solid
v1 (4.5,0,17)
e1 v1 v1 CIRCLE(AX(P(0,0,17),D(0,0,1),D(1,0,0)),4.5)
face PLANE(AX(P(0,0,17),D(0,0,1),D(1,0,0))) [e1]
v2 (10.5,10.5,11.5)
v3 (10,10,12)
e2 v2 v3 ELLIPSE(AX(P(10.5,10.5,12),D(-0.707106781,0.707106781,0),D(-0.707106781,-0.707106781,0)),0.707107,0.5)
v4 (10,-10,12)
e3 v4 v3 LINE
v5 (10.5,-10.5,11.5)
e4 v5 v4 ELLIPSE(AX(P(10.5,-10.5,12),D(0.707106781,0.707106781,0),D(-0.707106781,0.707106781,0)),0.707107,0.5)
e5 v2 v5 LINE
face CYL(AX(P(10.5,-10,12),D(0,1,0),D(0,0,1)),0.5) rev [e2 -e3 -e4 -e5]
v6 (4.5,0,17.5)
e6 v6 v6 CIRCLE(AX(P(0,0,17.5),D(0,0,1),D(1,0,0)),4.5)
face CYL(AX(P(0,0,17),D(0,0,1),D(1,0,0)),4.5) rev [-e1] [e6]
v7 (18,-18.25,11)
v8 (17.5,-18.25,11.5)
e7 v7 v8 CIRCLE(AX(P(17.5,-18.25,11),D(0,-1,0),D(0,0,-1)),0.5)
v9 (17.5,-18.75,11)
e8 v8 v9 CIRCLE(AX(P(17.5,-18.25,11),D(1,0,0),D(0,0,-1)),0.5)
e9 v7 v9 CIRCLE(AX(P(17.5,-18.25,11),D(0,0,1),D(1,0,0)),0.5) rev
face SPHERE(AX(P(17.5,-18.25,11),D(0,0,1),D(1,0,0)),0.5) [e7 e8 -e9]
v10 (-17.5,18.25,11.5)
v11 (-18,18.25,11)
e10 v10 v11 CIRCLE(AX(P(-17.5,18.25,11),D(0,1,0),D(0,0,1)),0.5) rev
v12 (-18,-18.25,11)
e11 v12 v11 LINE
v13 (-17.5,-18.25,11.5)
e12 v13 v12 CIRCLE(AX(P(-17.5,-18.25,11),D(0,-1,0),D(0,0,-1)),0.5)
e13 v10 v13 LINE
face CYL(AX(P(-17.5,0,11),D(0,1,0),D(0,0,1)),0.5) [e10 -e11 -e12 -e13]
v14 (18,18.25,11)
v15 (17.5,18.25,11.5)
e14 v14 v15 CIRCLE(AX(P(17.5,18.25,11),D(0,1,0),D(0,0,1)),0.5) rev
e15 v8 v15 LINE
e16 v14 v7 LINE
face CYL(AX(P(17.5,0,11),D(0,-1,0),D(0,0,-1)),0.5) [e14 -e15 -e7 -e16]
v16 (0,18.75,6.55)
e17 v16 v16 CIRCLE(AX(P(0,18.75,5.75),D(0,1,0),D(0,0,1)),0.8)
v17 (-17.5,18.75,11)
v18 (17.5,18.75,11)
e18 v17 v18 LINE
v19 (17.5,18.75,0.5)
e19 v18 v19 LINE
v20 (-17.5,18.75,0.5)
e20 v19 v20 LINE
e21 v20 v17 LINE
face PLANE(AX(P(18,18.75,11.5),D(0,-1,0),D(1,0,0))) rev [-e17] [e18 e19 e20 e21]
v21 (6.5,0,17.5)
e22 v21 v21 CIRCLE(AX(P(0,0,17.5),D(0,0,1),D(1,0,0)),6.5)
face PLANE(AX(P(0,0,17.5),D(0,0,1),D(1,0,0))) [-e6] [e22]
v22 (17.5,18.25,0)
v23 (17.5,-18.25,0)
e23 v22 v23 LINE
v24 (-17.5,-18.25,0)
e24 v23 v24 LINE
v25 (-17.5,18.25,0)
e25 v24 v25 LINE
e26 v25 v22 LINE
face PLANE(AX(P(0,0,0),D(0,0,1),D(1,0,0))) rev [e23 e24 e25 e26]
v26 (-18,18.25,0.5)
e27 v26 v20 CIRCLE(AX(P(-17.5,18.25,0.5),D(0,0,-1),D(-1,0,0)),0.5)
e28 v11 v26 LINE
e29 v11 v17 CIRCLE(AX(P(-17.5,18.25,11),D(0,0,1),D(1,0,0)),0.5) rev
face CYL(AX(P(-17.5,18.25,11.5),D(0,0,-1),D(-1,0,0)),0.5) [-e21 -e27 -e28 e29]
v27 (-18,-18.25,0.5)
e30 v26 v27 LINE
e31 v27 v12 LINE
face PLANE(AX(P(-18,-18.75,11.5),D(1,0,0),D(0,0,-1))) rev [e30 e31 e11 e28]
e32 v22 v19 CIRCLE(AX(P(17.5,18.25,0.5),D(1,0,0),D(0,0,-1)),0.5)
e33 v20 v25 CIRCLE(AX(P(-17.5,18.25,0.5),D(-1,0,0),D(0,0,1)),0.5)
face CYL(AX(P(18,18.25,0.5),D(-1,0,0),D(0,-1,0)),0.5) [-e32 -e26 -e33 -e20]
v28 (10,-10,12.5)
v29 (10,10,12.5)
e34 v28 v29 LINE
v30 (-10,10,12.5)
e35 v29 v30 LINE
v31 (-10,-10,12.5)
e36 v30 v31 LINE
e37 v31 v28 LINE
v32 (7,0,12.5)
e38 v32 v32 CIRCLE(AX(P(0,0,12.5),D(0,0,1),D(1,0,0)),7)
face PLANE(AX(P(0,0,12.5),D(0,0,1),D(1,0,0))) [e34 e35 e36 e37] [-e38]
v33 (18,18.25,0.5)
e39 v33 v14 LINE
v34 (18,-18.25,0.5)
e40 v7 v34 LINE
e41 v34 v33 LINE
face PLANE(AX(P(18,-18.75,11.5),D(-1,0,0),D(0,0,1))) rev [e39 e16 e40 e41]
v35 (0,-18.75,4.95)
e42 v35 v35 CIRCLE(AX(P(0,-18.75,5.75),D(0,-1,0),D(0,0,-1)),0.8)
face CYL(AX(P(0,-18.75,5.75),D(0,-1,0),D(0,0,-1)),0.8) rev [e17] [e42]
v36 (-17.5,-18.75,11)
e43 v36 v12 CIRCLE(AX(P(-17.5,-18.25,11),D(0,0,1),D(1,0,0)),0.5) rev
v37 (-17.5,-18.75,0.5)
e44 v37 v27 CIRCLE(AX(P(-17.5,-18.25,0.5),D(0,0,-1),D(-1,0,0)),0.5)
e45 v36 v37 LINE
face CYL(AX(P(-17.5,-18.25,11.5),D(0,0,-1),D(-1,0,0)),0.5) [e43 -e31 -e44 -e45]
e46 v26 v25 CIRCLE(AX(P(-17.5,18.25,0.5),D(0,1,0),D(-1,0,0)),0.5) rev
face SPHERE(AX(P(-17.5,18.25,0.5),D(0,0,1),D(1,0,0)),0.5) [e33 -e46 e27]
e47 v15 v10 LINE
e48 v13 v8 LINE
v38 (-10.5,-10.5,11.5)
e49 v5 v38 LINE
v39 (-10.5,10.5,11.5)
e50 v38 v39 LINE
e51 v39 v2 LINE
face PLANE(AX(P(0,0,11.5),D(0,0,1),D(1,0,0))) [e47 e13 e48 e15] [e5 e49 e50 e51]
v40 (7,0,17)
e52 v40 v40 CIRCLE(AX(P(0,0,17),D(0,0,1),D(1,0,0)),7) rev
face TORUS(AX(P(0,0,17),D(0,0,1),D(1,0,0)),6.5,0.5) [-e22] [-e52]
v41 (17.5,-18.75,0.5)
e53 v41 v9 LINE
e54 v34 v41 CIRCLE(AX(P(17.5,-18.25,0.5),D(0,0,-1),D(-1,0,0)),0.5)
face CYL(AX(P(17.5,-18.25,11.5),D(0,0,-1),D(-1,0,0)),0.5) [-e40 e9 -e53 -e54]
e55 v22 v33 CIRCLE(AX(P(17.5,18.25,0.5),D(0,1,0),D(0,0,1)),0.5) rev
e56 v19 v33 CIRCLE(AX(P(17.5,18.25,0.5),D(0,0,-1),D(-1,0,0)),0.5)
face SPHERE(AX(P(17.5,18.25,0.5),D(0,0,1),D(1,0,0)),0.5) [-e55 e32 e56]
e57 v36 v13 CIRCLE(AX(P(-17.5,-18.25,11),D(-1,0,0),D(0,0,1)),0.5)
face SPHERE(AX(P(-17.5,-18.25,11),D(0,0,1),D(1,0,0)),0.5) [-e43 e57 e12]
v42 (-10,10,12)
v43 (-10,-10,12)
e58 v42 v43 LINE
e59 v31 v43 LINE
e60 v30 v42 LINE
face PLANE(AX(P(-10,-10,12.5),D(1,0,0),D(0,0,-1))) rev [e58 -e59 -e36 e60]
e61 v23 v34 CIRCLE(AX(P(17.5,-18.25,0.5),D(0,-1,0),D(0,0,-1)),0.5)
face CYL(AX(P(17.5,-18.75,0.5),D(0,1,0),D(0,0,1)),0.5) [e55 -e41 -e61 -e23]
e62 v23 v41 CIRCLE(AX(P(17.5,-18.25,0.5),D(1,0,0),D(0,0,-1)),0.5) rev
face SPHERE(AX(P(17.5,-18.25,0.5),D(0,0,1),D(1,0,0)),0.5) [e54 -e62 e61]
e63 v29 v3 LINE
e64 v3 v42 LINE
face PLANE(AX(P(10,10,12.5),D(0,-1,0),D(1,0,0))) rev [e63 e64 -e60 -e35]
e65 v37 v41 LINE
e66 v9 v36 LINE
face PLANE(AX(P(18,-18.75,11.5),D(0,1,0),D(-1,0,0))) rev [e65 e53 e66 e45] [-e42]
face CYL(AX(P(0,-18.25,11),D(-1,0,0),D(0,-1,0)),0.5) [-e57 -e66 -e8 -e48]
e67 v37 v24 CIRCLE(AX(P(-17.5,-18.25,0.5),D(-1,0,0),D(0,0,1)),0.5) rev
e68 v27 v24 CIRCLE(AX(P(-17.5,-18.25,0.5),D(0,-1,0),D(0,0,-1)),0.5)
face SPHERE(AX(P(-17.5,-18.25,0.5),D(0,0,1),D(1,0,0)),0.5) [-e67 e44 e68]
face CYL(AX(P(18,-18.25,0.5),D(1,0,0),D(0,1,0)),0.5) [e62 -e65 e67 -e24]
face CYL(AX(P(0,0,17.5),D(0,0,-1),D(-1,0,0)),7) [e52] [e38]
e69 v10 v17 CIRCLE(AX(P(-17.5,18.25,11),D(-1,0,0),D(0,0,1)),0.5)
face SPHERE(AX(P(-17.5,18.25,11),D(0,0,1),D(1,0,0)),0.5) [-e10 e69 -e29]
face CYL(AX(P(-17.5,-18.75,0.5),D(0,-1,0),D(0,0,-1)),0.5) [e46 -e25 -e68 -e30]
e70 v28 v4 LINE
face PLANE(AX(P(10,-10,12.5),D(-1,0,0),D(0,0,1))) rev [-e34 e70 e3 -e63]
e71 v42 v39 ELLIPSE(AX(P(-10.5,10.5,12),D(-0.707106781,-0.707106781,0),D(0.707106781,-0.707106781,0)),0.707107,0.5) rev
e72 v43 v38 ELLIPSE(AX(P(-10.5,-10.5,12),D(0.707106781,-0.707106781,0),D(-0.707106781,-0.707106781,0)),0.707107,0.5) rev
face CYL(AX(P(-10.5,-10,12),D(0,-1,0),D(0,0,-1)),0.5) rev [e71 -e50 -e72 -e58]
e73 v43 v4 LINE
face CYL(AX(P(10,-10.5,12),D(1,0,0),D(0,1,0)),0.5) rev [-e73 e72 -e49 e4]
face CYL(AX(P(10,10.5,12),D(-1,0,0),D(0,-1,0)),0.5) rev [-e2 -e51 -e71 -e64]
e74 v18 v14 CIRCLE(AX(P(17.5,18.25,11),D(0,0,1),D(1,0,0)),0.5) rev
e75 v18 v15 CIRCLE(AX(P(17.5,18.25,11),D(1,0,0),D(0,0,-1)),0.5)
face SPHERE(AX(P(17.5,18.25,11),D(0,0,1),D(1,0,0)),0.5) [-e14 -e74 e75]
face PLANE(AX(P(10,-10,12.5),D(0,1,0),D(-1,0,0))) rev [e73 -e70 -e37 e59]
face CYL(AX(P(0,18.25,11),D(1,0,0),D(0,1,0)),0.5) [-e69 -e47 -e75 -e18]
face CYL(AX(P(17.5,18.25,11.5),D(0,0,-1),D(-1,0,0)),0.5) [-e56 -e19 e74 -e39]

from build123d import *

# Parameters (mm, degrees)
SKETCH_1_W          = 36
SKETCH_1_H          = 37.5
EXTRUDE_1_DEPTH     = 11.5
SKETCH_2_W          = 20
SKETCH_2_H          = 20
EXTRUDE_2_DEPTH     = 1
SKETCH_3_R          = 7
EXTRUDE_3_DEPTH     = 5
FILLET_1_R          = 0.5
SKETCH_4_R          = 4.5
CUT_EXTRUDE_1_DEPTH = 0.5


with BuildPart() as part:
    # 草图1 → 凸台-拉伸1 (new body)
    with BuildSketch(Plane.XY):
        Rectangle(SKETCH_1_W, SKETCH_1_H)
    extrude(amount=EXTRUDE_1_DEPTH)

    # 草图2 → 凸台-拉伸2 (add)
    with BuildSketch(Plane.XY.offset(11.5)):
        Rectangle(SKETCH_2_W, SKETCH_2_H)
    extrude(amount=EXTRUDE_2_DEPTH)

    # 草图3 → 凸台-拉伸3 (add)
    with BuildSketch(Plane.XY.offset(12.5)):
        Circle(SKETCH_3_R)
    extrude(amount=EXTRUDE_3_DEPTH)

    # 圆角1
    fillet_1_edges = [part.edges().sort_by_distance(p)[0] for p in [
        (18, 0, 11.5),
        (0, 18.75, 11.5),
        (-10, 0, 11.5),
        (0, -10, 11.5),
        (10, 0, 11.5),
        (0, 10, 11.5),
        (-7, 0, 17.5),
        (-18, 0, 11.5),
        (0, 18.75, 0),
        (18, 0, 0),
        (0, -18.75, 0),
        (-18, 0, 0),
        (0, -18.75, 11.5),
        (-18, 18.75, 5.75),
        (18, 18.75, 5.75),
        (18, -18.75, 5.75),
        (-18, -18.75, 5.75),
    ]]
    fillet(fillet_1_edges, radius=FILLET_1_R)

    # 草图4 → 切除-拉伸1 (cut)
    with BuildSketch(Plane.XY.offset(17.5)):
        Circle(SKETCH_4_R)
    extrude(amount=-CUT_EXTRUDE_1_DEPTH, mode=Mode.SUBTRACT)

    # 草图6 → M2 螺纹孔1 (revolve, cut)
    with BuildSketch(Plane(origin=(0, -18.75, 5.75), x_dir=(0, 0, -1), z_dir=(1, 0, 0))):
        Polygon((0, 0), (0, 20.480688495), (0.8, 20), (0.8, 0), align=None)
    hole_wizard_m2_1 = revolve(axis=Axis((0, -25.1, 5.75), (0, 1, 0)), mode=Mode.SUBTRACT)

    # 镜向1: M2 螺纹孔1 across plane
    add(hole_wizard_m2_1.mirror(Plane.ZX), mode=Mode.SUBTRACT)


solid = part.part
